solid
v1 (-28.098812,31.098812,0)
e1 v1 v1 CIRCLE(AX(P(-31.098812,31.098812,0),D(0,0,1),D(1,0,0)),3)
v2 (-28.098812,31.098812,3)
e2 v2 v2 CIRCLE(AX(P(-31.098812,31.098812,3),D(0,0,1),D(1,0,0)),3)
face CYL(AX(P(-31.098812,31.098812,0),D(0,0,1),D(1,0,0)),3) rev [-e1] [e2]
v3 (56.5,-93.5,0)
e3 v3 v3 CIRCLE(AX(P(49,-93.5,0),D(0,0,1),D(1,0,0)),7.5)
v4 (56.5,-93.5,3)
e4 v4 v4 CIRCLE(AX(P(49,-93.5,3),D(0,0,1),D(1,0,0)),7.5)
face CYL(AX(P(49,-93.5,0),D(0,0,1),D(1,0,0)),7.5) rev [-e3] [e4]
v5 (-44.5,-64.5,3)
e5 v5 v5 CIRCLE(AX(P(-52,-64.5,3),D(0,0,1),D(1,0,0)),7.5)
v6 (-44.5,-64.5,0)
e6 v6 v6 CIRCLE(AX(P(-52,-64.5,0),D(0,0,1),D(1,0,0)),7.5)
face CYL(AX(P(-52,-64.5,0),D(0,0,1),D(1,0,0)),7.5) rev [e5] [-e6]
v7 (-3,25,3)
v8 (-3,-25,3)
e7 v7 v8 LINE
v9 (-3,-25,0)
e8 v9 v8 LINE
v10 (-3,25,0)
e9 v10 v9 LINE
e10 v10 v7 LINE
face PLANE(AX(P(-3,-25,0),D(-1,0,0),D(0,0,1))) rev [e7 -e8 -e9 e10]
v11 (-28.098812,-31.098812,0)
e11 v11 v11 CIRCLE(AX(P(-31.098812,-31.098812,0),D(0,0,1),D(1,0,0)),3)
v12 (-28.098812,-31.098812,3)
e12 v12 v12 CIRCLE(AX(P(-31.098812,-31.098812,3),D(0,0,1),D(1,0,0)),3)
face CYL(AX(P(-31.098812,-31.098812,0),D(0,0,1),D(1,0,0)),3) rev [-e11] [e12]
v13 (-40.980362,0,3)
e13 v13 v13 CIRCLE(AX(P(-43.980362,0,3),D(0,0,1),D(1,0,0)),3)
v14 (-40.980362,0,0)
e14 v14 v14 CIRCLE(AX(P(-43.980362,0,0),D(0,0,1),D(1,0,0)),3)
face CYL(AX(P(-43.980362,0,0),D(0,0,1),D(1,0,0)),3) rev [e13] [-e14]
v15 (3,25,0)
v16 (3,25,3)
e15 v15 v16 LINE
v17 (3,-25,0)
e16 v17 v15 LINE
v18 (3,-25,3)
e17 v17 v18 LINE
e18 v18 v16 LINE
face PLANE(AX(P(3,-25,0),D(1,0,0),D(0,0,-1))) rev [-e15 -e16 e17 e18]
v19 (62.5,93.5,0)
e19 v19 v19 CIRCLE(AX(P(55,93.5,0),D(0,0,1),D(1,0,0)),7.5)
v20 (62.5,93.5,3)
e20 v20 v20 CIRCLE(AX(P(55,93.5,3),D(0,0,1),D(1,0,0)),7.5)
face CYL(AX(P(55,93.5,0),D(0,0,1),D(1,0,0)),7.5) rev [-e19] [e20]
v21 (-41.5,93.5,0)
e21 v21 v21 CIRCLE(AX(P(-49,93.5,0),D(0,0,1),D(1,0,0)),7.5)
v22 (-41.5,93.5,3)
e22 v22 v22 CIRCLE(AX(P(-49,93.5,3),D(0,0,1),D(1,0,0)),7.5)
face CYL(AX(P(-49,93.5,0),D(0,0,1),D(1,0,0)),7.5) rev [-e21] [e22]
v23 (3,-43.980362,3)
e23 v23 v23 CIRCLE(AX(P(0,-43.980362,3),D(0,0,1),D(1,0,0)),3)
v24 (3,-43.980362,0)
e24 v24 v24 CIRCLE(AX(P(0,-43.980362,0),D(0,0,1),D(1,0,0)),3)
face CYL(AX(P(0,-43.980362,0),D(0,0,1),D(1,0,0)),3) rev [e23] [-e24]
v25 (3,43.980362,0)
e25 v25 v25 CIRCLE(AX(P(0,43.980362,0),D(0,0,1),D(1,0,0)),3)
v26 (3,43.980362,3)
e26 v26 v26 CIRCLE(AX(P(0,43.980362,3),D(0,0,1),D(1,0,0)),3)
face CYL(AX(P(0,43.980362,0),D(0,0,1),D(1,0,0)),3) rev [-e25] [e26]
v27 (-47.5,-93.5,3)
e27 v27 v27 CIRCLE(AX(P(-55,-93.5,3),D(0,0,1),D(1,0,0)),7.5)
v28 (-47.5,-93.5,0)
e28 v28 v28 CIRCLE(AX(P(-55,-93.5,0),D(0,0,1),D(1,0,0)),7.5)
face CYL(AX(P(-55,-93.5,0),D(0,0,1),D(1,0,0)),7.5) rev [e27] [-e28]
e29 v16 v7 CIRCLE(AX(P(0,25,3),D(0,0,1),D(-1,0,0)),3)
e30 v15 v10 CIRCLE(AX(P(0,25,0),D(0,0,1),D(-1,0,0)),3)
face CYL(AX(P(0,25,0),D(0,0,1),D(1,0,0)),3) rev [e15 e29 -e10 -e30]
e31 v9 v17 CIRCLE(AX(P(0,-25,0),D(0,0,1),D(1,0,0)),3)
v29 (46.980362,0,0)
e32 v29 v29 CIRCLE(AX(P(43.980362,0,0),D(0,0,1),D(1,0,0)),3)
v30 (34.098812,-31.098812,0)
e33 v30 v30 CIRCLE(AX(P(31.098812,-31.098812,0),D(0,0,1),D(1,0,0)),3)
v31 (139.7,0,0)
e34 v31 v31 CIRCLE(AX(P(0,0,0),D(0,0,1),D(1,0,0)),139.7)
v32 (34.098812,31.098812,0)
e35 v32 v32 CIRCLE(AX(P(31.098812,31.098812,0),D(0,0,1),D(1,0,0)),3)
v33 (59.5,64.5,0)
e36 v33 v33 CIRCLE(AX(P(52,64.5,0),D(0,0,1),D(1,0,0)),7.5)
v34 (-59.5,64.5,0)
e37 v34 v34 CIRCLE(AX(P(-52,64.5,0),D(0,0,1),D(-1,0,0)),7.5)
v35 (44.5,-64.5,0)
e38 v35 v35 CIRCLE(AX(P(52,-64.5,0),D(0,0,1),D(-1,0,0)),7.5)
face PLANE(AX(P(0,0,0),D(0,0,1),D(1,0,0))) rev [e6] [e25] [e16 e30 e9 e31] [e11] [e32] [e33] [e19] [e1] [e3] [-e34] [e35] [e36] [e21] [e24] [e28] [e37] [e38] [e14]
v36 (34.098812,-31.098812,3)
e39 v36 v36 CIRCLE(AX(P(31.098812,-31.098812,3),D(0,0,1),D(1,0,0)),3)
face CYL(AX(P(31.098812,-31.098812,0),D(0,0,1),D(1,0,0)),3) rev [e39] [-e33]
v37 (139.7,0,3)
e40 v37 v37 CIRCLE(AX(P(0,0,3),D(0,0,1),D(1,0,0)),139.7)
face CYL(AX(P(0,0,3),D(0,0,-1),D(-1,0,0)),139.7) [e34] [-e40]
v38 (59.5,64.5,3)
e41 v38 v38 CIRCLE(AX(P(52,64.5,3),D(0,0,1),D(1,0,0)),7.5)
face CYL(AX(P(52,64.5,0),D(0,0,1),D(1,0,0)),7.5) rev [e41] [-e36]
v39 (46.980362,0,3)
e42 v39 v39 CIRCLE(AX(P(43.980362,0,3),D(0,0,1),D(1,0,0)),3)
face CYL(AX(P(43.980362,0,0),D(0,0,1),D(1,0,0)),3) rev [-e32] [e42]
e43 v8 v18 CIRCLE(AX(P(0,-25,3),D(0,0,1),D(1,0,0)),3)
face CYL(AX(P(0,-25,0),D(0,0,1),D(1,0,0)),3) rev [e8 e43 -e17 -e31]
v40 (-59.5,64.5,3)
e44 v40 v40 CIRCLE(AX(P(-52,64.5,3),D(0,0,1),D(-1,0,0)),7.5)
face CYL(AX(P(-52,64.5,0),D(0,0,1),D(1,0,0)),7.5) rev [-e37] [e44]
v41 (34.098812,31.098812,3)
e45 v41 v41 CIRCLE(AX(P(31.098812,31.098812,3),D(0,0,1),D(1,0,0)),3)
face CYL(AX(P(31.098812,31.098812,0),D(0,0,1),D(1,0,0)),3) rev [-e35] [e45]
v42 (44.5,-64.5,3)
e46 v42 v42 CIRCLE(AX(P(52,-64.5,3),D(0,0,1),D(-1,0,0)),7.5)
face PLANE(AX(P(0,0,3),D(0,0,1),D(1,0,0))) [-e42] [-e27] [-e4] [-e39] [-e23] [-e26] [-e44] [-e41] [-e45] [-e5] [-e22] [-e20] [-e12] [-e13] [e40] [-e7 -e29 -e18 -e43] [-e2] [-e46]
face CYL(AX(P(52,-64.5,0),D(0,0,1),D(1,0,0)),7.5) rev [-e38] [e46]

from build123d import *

# Parameters (mm, degrees)
SKETCH1_R           = 139.7
BOSS_EXTRUDE1_DEPTH = 3
SKETCH2_R           = 3
CUT_EXTRUDE1_DEPTH  = 4
SKETCH3_R           = 7.5
CUT_EXTRUDE2_DEPTH  = 4


with BuildPart() as part:
    # Sketch1 → Boss-Extrude1 (new body)
    with BuildSketch(Plane.XY):
        Circle(SKETCH1_R)
    extrude(amount=BOSS_EXTRUDE1_DEPTH)

    # Sketch2 → Cut-Extrude1 (cut, through all)
    with BuildSketch(Plane.XY.offset(3)):
        with Locations((0, 43.980361528)):
            Circle(SKETCH2_R)
        with Locations((31.098811876, 31.098811876)):
            Circle(SKETCH2_R)
        with Locations((43.980361528, 0)):
            Circle(SKETCH2_R)
        with Locations((31.098811876, -31.098811876)):
            Circle(SKETCH2_R)
        with Locations((0, -43.980361528)):
            Circle(SKETCH2_R)
        with Locations((-31.098811876, -31.098811876)):
            Circle(SKETCH2_R)
        with Locations((-43.980361528, 0)):
            Circle(SKETCH2_R)
        with Locations((-31.098811876, 31.098811876)):
            Circle(SKETCH2_R)
        with BuildLine():
            Line((-3, -25), (-3, 25))
            ThreePointArc((-3, 25), (0, 28), (3, 25))
            Line((3, 25), (3, -25))
            ThreePointArc((3, -25), (0, -28), (-3, -25))
        make_face()
    extrude(amount=-CUT_EXTRUDE1_DEPTH, mode=Mode.SUBTRACT)

    # Sketch3 → Cut-Extrude2 (cut, through all)
    with BuildSketch(Plane.XY.offset(3)):
        with Locations((-52, -64.5)):
            Circle(SKETCH3_R)
        with Locations((-55, -93.5)):
            Circle(SKETCH3_R)
        with Locations((52, 64.5)):
            Circle(SKETCH3_R)
        with Locations((55, 93.5)):
            Circle(SKETCH3_R)
        with Locations((52, -64.5)):
            Circle(SKETCH3_R)
        with Locations((49, -93.5)):
            Circle(SKETCH3_R)
        with Locations((-52, 64.5)):
            Circle(SKETCH3_R)
        with Locations((-49, 93.5)):
            Circle(SKETCH3_R)
    extrude(amount=-CUT_EXTRUDE2_DEPTH, mode=Mode.SUBTRACT)


solid = part.part
